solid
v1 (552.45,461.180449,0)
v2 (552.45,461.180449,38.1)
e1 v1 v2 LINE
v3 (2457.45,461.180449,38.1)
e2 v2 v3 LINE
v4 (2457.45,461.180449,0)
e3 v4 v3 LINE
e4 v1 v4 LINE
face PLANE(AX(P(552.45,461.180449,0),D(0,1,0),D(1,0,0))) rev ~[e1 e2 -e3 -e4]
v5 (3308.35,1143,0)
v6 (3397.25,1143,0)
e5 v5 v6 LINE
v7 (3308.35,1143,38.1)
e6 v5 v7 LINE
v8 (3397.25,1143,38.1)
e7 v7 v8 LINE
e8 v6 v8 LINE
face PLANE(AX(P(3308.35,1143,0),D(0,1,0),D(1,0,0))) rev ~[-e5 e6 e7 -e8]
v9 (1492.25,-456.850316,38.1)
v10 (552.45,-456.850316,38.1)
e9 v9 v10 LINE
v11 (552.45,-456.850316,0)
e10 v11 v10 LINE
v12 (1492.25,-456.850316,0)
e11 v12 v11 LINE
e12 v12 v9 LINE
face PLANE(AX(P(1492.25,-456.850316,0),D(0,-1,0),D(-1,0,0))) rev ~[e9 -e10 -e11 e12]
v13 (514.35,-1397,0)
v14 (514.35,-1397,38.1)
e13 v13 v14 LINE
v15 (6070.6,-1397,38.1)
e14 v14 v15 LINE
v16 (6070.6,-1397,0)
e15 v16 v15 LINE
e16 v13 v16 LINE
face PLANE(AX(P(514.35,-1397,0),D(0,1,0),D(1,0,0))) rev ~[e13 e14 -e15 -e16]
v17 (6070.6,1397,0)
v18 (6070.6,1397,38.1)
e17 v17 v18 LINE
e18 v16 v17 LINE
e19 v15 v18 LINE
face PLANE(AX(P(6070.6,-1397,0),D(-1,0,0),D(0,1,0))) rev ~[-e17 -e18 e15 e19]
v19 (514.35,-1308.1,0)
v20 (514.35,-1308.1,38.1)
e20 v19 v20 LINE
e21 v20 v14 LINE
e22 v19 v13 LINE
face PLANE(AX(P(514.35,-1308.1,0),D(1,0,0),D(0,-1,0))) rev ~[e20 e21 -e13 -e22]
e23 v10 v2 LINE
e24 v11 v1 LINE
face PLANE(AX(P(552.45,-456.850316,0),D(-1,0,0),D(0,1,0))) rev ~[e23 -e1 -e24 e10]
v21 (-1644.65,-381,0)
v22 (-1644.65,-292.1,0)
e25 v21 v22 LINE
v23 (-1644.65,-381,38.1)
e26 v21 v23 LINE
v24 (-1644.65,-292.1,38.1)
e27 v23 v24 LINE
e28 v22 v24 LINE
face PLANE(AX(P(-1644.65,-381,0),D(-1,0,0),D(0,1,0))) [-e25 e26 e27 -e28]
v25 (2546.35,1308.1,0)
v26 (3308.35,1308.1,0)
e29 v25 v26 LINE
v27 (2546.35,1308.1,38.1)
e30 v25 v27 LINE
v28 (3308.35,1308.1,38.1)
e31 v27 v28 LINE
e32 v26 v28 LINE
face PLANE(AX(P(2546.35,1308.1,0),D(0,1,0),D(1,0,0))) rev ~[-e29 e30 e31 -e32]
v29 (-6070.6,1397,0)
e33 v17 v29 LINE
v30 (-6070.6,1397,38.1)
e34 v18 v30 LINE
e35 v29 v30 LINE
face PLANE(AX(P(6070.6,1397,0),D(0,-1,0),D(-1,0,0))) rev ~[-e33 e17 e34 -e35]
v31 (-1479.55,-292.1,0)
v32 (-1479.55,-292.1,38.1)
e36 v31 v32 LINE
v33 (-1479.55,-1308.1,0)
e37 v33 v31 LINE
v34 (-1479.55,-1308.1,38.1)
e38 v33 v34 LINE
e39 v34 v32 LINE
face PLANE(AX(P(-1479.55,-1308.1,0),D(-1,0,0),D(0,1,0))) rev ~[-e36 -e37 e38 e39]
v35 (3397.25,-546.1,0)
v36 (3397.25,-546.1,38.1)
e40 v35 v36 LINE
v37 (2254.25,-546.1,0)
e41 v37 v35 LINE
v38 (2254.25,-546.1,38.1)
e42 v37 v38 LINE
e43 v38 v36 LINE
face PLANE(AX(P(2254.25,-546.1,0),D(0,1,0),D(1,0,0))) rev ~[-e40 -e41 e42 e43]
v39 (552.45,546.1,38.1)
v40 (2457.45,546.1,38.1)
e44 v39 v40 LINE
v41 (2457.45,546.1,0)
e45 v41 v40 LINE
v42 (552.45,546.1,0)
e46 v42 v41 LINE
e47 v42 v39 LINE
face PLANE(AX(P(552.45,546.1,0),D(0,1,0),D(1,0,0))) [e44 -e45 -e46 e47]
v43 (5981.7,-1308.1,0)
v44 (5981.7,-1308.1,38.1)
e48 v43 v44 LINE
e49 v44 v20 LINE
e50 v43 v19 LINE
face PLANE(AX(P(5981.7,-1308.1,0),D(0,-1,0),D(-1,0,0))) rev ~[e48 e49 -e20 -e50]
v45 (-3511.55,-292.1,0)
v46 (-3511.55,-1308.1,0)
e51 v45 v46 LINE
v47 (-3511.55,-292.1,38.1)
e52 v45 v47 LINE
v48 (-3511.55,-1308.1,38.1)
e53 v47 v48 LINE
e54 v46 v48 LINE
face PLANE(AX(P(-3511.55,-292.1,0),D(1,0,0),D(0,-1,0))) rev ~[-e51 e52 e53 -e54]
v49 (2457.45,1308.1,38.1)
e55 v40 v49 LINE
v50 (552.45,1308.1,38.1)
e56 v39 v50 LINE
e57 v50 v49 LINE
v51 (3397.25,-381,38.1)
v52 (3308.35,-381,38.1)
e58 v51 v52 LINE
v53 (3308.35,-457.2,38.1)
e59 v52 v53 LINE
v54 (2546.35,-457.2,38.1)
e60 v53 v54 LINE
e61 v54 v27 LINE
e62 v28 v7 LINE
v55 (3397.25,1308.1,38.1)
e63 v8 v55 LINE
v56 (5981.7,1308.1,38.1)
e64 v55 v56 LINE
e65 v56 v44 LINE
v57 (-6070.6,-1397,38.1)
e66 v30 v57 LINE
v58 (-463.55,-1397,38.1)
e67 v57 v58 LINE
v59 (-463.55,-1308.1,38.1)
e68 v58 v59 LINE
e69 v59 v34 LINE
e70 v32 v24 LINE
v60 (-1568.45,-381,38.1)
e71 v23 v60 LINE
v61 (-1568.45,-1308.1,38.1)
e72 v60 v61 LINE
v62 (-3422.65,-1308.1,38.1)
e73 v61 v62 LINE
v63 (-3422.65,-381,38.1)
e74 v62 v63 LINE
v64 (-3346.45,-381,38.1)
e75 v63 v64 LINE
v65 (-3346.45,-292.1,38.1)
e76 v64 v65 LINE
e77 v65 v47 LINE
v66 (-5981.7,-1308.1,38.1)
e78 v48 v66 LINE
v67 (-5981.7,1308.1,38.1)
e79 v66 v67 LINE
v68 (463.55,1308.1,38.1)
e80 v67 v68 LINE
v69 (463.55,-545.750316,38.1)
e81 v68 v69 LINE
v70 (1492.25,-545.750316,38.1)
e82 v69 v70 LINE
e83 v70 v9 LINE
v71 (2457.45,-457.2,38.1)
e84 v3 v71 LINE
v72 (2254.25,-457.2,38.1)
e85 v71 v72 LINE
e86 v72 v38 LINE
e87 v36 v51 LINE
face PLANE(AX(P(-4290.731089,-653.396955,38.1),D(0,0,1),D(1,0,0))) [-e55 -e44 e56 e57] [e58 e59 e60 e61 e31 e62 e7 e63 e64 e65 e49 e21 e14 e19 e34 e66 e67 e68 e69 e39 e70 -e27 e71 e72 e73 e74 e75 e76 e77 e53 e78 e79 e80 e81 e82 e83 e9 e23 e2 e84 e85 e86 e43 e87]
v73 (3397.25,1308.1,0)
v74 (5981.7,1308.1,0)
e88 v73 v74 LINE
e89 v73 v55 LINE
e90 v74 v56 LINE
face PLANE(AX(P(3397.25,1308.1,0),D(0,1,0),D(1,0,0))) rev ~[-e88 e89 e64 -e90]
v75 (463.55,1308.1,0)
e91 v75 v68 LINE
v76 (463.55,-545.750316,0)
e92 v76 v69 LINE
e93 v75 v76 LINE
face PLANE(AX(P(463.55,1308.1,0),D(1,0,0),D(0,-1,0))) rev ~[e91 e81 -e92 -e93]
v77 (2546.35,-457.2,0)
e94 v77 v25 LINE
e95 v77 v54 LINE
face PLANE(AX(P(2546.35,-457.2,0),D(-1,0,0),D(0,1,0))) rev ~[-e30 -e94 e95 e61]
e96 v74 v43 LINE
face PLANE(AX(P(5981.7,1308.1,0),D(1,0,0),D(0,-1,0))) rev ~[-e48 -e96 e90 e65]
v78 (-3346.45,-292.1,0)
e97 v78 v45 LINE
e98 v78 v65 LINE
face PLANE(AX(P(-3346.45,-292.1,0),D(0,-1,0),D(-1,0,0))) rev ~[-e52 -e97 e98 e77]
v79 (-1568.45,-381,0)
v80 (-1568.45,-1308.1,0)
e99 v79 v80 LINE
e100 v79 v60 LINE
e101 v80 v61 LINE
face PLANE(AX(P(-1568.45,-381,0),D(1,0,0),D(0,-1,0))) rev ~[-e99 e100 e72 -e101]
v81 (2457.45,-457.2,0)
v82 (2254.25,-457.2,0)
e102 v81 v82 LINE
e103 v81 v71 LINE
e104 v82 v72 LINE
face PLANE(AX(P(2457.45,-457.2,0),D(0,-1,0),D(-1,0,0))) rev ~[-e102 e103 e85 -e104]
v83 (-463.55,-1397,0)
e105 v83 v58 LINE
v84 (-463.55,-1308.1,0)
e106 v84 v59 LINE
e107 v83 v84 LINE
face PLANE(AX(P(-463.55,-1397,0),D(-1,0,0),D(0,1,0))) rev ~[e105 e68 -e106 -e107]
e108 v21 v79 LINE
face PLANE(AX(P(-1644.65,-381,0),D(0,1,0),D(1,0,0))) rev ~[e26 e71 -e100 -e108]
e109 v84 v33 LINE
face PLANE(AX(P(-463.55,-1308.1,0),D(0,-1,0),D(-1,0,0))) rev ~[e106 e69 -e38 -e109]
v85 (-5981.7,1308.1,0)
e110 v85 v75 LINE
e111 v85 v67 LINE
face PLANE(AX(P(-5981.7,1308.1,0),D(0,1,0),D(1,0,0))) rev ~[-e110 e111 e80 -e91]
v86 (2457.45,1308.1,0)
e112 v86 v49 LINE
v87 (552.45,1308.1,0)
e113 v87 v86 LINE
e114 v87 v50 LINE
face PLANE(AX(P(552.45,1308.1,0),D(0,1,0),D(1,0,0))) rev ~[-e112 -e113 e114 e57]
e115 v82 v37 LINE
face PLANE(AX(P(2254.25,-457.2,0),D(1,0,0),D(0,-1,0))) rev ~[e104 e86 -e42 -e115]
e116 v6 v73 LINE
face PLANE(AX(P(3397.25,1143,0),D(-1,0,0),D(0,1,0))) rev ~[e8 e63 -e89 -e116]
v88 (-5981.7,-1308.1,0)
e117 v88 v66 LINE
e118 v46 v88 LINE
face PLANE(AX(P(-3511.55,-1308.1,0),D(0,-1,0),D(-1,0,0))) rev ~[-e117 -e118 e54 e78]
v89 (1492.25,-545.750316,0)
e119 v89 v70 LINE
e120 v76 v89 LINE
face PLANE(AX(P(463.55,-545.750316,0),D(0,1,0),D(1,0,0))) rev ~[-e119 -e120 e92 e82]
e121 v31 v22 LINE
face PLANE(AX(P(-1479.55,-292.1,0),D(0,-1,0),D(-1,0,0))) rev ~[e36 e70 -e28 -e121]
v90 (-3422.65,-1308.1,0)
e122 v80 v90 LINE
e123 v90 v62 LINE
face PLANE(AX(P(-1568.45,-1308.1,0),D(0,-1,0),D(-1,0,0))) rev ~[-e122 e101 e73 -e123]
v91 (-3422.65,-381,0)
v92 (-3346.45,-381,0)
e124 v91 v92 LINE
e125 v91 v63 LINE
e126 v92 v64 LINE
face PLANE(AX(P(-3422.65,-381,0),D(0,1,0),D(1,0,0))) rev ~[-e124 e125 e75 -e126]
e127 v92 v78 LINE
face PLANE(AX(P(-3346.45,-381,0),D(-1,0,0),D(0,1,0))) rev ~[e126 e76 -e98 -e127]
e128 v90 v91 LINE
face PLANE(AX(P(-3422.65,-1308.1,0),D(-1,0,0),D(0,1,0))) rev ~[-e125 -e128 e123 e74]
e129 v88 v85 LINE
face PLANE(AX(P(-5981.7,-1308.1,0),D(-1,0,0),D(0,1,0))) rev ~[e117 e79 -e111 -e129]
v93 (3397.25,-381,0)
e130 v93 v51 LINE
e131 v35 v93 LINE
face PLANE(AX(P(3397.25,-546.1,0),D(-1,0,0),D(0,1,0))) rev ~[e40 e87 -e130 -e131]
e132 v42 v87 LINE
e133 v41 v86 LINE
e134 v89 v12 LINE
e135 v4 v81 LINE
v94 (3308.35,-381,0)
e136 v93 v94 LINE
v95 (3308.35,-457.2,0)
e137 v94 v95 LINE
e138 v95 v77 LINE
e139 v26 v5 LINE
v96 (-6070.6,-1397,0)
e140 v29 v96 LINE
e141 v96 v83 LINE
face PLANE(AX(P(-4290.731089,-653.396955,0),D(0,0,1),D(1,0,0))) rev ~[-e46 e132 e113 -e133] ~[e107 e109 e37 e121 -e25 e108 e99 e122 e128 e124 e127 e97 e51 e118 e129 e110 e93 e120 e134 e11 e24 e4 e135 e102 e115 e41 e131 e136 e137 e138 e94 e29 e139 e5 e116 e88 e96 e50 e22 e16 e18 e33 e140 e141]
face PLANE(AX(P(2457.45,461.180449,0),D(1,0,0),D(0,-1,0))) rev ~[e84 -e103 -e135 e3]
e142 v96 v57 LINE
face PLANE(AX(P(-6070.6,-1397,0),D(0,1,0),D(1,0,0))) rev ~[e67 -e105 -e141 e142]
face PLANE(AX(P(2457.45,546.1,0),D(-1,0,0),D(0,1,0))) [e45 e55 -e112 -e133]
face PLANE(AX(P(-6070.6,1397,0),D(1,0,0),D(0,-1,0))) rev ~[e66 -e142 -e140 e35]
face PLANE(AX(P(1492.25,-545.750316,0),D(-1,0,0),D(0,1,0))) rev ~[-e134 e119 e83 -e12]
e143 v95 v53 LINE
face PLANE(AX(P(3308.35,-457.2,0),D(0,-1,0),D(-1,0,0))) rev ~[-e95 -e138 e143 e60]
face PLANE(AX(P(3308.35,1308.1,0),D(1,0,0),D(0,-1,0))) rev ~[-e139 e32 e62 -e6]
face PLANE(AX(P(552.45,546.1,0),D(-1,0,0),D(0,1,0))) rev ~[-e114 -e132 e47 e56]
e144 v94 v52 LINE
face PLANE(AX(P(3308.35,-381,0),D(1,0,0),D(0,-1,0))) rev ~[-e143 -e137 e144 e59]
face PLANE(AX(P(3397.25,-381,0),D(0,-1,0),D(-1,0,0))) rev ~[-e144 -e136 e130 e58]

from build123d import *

# Parameters (mm, degrees)
F0_W     = 1574.8
F0_H     = 88.9
F0_W_2   = 1905
F0_H_2   = 762
F0_W_3   = 76.2
F1_DEPTH = 38.1


with BuildPart() as f1:
    # F0 (on Top) → F1 (new body)
    with BuildSketch(Plane.XY):
        Polygon((-6070.6, 1397), (-6070.6, -1397), (-463.55, -1397), (-463.55, -1308.1), (-1479.55, -1308.1), (-1568.45, -1308.1), (-3422.65, -1308.1), (-3511.55, -1308.1), (-5981.7, -1308.1), (-5981.7, 1308.1), (-4997.45, 1308.1), (-4997.45, 1397), align=None)
        with Locations((-4210.05, 1352.55)):
            Rectangle(F0_W, F0_H)
        Polygon((-1568.45, -1308.1), (-1479.55, -1308.1), (-1479.55, -292.1), (-1568.45, -292.1), (-1568.45, -381), align=None)
        Polygon((6070.6, 1397), (-3422.65, 1397), (-3422.65, 1308.1), (463.55, 1308.1), (463.55, -545.750316), (1492.25, -545.750316), (1492.25, -456.850316), (552.45, -456.850316), (552.45, 461.180449), (2457.45, 461.180449), (2457.45, -457.2), (2254.25, -457.2), (2254.25, -546.1), (2457.45, -546.1), (2546.35, -546.1), (3308.35, -546.1), (3397.25, -546.1), (3397.25, -381), (3308.35, -381), (3308.35, -457.2), (2546.35, -457.2), (2546.35, 1308.1), (3308.35, 1308.1), (3308.35, 1143), (3397.25, 1143), (3397.25, 1308.1), (5981.7, 1308.1), (5981.7, -1308.1), (514.35, -1308.1), (514.35, -1397), (6070.6, -1397), align=None)
        with Locations((1504.95, 927.1)):
            Rectangle(F0_W_2, F0_H_2, mode=Mode.SUBTRACT)
        Polygon((-3511.55, -1308.1), (-3422.65, -1308.1), (-3422.65, -381), (-3422.65, -292.1), (-3511.55, -292.1), align=None)
        with Locations((-1606.55, -336.55)):
            Rectangle(F0_W_3, F0_H)
        with Locations((-3384.55, -336.55)):
            Rectangle(F0_W_3, F0_H)
    extrude(amount=F1_DEPTH)


solid = f1.part
